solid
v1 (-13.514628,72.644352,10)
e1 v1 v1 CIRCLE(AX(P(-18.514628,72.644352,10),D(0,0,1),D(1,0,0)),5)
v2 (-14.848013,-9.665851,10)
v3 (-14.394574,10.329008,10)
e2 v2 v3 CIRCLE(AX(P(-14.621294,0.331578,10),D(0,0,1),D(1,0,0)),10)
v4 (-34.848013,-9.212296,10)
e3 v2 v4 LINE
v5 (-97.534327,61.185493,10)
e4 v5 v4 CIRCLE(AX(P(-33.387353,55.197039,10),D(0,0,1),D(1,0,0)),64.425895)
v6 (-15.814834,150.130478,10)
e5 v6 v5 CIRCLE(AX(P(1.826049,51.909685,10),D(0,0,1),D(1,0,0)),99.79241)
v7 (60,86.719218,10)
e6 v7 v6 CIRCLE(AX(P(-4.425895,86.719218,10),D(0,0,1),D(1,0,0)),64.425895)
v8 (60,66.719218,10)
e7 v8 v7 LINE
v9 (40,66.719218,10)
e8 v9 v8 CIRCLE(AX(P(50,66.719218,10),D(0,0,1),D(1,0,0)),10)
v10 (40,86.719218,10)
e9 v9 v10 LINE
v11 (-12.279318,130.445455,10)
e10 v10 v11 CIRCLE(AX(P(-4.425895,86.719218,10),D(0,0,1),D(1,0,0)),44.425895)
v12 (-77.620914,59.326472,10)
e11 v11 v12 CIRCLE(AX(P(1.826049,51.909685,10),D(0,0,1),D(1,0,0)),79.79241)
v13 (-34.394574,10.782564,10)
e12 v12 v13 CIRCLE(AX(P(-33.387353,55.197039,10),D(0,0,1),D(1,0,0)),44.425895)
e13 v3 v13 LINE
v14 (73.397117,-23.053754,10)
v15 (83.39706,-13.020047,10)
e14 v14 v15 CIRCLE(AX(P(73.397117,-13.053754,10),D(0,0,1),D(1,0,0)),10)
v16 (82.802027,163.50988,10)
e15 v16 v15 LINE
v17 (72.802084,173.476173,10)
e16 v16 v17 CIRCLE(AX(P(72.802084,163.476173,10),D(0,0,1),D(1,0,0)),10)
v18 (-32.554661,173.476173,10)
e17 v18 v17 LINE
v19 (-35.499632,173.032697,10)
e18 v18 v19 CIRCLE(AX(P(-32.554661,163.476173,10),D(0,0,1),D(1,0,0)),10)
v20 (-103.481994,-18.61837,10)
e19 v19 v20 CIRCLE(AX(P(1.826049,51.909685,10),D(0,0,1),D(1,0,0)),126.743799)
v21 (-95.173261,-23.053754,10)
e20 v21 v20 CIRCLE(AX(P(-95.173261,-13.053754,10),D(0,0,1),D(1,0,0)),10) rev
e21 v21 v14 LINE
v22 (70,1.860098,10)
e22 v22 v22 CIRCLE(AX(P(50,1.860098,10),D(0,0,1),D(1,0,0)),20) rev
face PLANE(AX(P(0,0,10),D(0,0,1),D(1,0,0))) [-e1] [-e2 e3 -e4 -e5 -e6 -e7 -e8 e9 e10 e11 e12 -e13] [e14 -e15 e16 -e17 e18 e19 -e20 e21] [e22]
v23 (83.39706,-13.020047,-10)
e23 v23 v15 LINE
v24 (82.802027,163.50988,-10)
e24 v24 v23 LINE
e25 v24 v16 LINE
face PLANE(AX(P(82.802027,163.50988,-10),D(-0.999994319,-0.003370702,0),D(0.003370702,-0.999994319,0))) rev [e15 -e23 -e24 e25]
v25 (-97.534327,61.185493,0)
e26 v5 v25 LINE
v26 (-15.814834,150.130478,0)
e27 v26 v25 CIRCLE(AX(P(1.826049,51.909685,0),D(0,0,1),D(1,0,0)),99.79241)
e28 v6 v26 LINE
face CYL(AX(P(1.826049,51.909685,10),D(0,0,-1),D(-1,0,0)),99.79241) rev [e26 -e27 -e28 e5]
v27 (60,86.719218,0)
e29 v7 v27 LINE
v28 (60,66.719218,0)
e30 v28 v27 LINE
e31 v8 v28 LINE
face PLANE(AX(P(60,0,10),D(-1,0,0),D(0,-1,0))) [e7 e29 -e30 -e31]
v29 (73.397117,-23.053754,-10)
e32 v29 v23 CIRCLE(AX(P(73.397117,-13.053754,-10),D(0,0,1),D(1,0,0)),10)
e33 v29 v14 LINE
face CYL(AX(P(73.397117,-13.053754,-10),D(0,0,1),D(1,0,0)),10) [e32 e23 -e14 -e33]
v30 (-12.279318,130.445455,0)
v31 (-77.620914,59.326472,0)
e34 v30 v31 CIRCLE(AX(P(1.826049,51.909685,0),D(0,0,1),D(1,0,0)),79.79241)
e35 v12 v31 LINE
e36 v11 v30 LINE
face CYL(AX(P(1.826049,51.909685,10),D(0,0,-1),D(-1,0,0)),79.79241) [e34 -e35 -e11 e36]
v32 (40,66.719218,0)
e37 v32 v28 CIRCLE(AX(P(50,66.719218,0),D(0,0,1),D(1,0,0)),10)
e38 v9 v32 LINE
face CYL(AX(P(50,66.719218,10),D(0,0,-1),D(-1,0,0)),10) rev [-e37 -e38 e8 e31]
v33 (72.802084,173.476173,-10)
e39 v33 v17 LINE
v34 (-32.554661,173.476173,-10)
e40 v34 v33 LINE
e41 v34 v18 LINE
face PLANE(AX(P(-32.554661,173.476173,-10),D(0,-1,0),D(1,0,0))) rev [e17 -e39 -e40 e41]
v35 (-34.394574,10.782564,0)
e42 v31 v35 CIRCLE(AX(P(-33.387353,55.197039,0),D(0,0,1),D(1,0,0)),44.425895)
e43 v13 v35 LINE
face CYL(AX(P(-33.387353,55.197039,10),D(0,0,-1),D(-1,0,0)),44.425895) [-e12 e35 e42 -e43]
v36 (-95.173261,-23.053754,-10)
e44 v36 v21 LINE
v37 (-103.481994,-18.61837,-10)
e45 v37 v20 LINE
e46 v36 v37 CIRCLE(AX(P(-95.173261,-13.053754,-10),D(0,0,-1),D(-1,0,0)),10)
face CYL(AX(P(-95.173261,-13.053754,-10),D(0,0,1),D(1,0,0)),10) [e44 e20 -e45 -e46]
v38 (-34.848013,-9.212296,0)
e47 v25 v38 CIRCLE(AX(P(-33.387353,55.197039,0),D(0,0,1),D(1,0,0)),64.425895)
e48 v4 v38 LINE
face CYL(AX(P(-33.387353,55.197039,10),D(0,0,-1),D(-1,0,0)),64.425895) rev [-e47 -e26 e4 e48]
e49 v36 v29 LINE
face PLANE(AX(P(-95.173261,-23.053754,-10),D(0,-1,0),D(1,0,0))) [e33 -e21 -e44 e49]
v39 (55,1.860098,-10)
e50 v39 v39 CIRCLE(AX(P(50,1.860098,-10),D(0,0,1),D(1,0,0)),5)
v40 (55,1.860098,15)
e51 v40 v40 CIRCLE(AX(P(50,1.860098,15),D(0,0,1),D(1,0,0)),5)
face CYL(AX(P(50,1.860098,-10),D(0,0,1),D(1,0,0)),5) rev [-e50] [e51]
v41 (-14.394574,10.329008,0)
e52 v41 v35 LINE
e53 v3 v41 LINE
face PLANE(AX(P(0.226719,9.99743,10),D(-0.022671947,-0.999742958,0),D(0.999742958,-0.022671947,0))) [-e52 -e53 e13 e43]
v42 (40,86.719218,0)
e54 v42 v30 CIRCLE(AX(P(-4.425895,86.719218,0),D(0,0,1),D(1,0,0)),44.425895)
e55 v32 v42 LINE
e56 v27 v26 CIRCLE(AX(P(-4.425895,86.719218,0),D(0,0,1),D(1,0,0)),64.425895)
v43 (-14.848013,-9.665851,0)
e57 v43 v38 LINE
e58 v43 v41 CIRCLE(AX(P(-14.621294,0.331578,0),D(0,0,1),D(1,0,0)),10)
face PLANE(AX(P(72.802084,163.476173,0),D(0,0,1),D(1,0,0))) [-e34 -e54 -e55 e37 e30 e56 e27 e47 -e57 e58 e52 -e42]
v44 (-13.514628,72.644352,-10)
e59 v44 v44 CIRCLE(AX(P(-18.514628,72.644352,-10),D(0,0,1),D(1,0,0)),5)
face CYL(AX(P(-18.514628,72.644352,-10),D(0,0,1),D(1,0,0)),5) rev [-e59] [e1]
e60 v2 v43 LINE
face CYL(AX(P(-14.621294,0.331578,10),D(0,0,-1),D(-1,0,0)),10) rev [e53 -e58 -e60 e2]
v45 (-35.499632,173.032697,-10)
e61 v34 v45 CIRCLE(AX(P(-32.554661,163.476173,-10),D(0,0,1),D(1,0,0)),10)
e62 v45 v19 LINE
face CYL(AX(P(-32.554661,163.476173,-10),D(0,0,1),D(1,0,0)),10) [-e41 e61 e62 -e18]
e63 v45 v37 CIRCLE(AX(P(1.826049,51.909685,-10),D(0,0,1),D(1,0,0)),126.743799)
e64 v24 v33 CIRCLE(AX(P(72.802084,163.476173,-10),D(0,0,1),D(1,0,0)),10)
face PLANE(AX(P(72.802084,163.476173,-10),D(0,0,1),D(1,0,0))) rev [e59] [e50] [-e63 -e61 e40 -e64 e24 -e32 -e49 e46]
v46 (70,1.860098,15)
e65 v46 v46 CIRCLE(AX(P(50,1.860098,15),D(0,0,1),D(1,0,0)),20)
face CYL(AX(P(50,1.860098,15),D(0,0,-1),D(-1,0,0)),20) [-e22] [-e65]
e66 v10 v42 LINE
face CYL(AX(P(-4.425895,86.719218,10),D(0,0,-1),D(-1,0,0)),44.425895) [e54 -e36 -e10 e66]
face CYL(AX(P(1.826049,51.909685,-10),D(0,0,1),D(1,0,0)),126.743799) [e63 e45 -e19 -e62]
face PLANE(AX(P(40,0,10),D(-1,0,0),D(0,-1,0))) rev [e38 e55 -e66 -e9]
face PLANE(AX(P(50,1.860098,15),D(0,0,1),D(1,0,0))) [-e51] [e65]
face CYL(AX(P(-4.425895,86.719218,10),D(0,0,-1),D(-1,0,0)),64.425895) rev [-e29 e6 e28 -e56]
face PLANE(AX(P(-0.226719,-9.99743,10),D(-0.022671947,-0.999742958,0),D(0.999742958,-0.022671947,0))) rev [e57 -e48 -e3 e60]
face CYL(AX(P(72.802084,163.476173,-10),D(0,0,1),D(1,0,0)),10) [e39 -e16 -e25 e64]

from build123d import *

# Parameters (mm, degrees)
BOSS_EXTRUDE1_DEPTH     = 10
BOSS_EXTRUDE2_START     = 10
BOSS_EXTRUDE2_DEPTH     = 10
SKETCH1_5_R             = 20
BOSS_EXTRUDE3_DEPTH     = 15
CUT_EXTRUDE1_DEPTH      = 215.297519294
CUT_EXTRUDE1_DEPTH_BACK = 215.297519294
SKETCH1_6_R             = 5


with BuildPart() as part:
    # Sketch1 → Boss-Extrude1 (new body)
    with BuildSketch(Plane.XY):
        with BuildLine():
            Line((-32.55466062, 173.476173045), (72.802083582, 173.476173045))
            ThreePointArc((72.802083582, 173.476173045), (79.861224101, 170.559148064), (82.802026774, 163.50988007))
            Line((82.802026774, 163.50988007), (83.39706002, -13.020047424))
            ThreePointArc((83.39706002, -13.020047424), (80.480091848, -20.112894968), (73.397116829, -23.053754449))
            Line((73.397116829, -23.053754449), (-95.173260832, -23.053754449))
            ThreePointArc((-95.173260832, -23.053754449), (-99.882498656, -21.875493456), (-103.481994233, -18.618370272))
            ThreePointArc((-103.481994233, -18.618370272), (-117.625312011, 94.28140669), (-35.49963159, 173.032696784))
            ThreePointArc((-35.49963159, 173.032696784), (-34.043748026, 173.364682472), (-32.55466062, 173.476173045))
        make_face()
    extrude(amount=-BOSS_EXTRUDE1_DEPTH)

    # Sketch1<3> → Boss-Extrude2 (add)
    with BuildSketch(Plane.XY.offset(BOSS_EXTRUDE2_START)):
        with BuildLine():
            Line((72.802083582, 173.476173045), (-32.55466062, 173.476173045))
            ThreePointArc((-32.55466062, 173.476173045), (-34.043748026, 173.364682472), (-35.49963159, 173.032696784))
            ThreePointArc((-35.49963159, 173.032696784), (-117.625312011, 94.28140669), (-103.481994233, -18.618370272))
            ThreePointArc((-103.481994233, -18.618370272), (-99.882498656, -21.875493456), (-95.173260832, -23.053754449))
            Line((-95.173260832, -23.053754449), (73.397116829, -23.053754449))
            ThreePointArc((73.397116829, -23.053754449), (80.480091848, -20.112894968), (83.39706002, -13.020047424))
            Line((83.39706002, -13.020047424), (82.802026774, 163.50988007))
            ThreePointArc((82.802026774, 163.50988007), (79.861224101, 170.559148064), (72.802083582, 173.476173045))
        make_face()
        with BuildLine():
            ThreePointArc((-14.394574448, 10.329008016), (-4.623864336, 0.104858961), (-14.848013391, -9.665851152))
            Line((-14.848013391, -9.665851152), (-34.848013391, -9.212295627))
            ThreePointArc((-34.848013391, -9.212295627), (-81.502346372, 12.352630755), (-97.534327335, 61.185492868))
            ThreePointArc((-97.534327335, 61.185492868), (-71.659502341, 119.425599438), (-15.814833806, 150.130478169))
            ThreePointArc((-15.814833806, 150.130478169), (36.907828278, 136.13803225), (59.999999943, 86.719217535))
            Line((59.999999943, 86.719217535), (59.999999943, 66.719217535))
            ThreePointArc((59.999999943, 66.719217535), (49.999999943, 56.719217535), (39.999999943, 66.719217535))
            Line((39.999999943, 66.719217535), (39.999999943, 86.719217535))
            ThreePointArc((39.999999943, 86.719217535), (24.076427728, 120.796742868), (-12.279317814, 130.445455266))
            ThreePointArc((-12.279317814, 130.445455266), (-56.931818797, 105.894326865), (-77.620913723, 59.326472063))
            ThreePointArc((-77.620913723, 59.326472063), (-66.565807676, 25.652999614), (-34.394574448, 10.78256354))
            Line((-34.394574448, 10.78256354), (-14.394574448, 10.329008016))
        make_face(mode=Mode.SUBTRACT)
    extrude(amount=-BOSS_EXTRUDE2_DEPTH)

    # Sketch1<5> → Boss-Extrude3 (add)
    with BuildSketch(Plane.XY):
        with Locations((50, 1.860098346)):
            Circle(SKETCH1_5_R)
    extrude(amount=BOSS_EXTRUDE3_DEPTH)

    # Sketch1<6> → Cut-Extrude1 (cut, two sides: drawn at the far end of the back side and taken through both)
    with BuildSketch(Plane.XY.offset(-CUT_EXTRUDE1_DEPTH_BACK)):
        with Locations((-18.514628019, 72.64435198)):
            Circle(SKETCH1_6_R)
        with Locations((50, 1.860098346)):
            Circle(SKETCH1_6_R)
    extrude(amount=CUT_EXTRUDE1_DEPTH + CUT_EXTRUDE1_DEPTH_BACK, mode=Mode.SUBTRACT)


solid = part.part
